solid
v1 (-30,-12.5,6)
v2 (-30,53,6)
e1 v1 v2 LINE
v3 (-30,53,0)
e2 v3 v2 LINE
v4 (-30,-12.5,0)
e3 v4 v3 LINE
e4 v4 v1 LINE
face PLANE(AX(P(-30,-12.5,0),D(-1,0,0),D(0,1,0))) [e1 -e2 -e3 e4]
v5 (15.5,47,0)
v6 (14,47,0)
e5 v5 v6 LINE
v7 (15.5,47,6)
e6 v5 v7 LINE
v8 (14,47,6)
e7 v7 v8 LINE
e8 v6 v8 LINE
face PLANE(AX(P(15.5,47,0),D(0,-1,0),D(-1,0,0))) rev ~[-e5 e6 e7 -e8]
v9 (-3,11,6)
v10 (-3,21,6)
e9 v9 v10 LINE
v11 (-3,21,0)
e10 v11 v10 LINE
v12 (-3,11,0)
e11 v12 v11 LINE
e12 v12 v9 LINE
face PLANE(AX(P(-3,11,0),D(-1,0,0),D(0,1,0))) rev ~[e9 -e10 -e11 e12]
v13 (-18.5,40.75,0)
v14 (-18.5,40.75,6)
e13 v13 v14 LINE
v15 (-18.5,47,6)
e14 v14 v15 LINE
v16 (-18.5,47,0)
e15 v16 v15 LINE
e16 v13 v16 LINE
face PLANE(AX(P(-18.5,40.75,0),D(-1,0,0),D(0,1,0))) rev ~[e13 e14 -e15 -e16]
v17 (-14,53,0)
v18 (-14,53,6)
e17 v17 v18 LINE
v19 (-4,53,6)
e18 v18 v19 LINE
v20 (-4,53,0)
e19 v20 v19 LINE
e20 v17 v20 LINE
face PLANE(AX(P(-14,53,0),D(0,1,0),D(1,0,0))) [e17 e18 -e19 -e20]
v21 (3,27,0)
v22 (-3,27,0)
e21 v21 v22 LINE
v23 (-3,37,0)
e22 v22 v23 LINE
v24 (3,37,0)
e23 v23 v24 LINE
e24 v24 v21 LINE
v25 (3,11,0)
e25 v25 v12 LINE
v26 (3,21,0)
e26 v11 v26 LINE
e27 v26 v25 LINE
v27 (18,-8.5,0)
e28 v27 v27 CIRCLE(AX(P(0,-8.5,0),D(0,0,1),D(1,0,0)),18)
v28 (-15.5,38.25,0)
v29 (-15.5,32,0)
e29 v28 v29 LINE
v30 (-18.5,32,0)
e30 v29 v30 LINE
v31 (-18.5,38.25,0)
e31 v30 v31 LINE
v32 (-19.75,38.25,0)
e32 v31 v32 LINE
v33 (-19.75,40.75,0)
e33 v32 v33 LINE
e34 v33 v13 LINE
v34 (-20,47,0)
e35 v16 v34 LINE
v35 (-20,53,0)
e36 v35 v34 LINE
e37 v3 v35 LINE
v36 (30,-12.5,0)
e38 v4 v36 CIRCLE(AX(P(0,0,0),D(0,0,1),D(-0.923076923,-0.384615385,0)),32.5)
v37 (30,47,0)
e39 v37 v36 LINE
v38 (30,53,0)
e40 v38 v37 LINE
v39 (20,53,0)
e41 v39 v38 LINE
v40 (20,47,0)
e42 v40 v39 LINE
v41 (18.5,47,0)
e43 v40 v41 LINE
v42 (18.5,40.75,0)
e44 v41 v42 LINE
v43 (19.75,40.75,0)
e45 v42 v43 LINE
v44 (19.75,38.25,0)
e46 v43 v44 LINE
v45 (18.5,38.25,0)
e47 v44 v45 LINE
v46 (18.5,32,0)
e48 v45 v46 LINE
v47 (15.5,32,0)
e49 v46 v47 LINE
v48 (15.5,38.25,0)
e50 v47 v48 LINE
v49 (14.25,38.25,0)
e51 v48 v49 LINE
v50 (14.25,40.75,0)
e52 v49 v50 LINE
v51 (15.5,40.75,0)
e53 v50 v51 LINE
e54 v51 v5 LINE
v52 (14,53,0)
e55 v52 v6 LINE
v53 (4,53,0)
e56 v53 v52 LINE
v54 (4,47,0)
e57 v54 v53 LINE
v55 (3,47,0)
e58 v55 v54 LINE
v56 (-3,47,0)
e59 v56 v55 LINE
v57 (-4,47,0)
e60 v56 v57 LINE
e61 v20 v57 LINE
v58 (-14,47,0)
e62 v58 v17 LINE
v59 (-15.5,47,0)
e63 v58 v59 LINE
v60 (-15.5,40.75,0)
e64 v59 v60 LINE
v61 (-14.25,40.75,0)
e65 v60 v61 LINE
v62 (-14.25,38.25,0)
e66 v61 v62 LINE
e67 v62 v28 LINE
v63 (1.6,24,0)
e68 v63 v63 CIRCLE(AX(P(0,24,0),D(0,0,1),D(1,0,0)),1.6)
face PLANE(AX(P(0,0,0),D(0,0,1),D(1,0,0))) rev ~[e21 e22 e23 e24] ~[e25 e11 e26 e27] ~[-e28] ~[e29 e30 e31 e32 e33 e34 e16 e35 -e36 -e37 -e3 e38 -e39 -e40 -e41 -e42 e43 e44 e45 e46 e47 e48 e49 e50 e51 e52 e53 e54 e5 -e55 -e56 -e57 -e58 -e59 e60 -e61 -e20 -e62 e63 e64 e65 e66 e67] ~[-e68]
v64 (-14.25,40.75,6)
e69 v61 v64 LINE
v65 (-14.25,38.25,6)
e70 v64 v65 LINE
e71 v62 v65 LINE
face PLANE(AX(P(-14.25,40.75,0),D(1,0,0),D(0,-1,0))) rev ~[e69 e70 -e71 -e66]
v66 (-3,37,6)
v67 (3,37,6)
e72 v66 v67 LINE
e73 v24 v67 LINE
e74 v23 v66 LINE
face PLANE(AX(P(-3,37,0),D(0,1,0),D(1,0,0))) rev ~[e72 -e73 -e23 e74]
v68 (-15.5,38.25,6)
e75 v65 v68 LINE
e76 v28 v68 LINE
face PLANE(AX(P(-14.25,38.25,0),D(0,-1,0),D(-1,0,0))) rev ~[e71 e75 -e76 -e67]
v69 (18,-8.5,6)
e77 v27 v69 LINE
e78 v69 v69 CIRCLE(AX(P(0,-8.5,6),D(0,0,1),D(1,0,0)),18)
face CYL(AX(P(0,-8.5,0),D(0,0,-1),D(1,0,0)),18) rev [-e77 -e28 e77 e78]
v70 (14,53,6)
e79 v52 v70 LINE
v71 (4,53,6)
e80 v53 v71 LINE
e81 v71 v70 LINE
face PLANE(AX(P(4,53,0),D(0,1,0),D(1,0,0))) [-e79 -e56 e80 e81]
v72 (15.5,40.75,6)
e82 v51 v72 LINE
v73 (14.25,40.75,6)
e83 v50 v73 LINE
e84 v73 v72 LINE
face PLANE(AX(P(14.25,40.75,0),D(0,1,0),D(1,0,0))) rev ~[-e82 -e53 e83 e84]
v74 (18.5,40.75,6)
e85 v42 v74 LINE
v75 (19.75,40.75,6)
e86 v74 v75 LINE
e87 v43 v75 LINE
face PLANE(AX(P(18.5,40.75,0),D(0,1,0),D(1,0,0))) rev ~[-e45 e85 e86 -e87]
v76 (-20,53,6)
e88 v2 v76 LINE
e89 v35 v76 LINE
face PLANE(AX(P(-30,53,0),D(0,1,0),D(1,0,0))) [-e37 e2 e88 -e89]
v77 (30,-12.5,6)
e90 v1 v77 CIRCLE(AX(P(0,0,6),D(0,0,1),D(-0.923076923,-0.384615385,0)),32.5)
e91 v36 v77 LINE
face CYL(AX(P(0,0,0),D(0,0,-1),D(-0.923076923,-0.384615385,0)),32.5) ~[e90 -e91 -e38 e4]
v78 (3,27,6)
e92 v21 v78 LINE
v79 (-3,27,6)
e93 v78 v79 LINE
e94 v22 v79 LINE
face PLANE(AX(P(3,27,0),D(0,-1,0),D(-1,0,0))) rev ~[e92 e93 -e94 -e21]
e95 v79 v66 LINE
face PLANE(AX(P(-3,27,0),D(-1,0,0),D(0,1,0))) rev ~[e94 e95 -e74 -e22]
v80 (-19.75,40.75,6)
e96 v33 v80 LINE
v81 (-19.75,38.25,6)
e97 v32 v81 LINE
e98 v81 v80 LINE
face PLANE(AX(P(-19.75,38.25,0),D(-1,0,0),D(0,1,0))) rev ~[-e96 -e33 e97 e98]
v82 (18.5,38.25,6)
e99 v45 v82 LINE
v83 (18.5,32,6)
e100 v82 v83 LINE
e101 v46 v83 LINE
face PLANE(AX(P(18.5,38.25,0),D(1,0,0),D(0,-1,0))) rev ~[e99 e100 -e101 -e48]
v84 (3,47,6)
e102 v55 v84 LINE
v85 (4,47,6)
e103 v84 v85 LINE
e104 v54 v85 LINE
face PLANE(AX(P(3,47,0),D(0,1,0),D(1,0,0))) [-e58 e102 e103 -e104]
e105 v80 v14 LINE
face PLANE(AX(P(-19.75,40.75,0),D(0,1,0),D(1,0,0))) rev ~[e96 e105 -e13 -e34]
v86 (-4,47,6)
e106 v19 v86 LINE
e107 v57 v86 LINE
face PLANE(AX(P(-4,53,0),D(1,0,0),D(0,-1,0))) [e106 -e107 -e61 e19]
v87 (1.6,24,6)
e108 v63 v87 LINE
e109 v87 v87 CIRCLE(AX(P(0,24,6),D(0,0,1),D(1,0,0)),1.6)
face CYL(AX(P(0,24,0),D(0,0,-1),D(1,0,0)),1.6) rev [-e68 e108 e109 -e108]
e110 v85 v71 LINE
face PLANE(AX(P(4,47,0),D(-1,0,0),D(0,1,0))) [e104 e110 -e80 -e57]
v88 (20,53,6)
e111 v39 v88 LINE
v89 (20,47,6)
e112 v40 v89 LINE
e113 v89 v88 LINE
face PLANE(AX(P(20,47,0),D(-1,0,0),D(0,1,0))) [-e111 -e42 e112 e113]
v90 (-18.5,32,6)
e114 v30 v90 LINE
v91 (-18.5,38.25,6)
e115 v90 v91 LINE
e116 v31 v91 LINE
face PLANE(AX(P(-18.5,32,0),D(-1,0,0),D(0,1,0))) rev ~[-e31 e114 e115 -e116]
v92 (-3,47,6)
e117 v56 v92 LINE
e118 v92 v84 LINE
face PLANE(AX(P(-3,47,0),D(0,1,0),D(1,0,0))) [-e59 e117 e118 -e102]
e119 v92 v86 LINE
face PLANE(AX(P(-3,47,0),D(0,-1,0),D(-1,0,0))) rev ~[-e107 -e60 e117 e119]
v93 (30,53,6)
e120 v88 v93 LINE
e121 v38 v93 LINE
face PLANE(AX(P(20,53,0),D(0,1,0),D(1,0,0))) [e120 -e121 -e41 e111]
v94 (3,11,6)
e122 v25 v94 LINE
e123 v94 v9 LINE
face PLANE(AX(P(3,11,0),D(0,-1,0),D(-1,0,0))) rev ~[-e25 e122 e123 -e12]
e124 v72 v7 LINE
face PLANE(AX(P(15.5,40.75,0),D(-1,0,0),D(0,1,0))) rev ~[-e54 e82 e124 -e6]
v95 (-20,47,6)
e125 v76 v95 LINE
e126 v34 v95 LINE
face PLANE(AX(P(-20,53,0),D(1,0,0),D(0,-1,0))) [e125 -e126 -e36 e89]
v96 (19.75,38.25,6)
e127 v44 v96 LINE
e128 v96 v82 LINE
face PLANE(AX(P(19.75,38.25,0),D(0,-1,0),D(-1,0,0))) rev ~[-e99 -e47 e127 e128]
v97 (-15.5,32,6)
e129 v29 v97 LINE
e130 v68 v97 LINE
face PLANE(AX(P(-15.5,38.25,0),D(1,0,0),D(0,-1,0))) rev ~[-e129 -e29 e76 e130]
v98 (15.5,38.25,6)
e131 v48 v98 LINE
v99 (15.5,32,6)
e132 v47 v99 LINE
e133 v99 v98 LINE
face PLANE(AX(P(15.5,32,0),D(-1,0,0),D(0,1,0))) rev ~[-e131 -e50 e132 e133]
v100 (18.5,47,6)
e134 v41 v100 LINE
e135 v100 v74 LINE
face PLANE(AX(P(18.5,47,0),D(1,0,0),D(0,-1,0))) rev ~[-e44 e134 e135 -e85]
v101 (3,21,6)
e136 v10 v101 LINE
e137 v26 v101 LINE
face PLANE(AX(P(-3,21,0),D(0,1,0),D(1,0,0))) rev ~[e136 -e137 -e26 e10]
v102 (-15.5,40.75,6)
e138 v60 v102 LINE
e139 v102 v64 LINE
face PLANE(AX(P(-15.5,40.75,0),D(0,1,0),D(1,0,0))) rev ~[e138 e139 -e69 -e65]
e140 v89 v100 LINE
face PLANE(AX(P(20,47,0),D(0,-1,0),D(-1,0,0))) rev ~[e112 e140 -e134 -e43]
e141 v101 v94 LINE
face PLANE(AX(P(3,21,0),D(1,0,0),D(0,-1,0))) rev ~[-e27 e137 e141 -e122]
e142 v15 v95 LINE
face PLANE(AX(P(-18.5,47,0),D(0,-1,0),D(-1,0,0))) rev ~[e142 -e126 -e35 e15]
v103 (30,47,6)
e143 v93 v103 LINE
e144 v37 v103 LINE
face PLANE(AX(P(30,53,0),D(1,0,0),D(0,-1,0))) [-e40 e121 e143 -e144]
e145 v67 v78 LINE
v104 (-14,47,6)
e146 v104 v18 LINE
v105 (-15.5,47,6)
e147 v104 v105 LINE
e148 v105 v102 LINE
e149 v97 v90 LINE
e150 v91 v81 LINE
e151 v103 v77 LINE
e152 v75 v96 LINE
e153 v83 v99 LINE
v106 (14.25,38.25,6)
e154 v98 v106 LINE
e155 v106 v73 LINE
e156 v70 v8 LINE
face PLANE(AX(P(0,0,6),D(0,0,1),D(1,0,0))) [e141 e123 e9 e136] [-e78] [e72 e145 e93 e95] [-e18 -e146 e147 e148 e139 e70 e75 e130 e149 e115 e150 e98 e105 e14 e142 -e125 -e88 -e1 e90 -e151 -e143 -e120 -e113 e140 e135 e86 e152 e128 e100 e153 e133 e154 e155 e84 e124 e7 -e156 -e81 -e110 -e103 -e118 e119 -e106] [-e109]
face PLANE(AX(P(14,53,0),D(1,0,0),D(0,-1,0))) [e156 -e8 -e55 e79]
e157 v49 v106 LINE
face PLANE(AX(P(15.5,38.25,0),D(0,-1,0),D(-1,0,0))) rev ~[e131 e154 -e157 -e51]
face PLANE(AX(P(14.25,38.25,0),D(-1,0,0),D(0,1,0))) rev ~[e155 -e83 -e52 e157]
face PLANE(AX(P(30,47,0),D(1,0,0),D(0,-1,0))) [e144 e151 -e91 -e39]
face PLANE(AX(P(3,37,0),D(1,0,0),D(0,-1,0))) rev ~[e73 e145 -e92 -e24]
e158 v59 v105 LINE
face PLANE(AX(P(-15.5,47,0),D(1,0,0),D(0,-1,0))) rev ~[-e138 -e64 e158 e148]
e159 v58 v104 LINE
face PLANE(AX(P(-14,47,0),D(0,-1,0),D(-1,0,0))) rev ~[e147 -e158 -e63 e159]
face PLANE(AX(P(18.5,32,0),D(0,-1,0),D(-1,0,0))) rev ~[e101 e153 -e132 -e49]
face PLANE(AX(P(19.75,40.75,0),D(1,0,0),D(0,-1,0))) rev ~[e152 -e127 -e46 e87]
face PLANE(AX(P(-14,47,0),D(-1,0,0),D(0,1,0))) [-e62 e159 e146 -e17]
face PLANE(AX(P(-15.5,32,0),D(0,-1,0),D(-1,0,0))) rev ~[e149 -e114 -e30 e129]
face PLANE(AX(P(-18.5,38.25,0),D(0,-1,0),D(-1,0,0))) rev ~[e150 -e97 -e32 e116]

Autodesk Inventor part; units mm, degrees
ref_plane "YZ Plane" through (0, 0, 0) normal (1, 0, 0) x (0, 1, 0)
ref_plane "XZ Plane" through (0, 0, 0) normal (0, 1, 0) x (-1, 0, 0)
ref_plane "XY Plane" through (0, 0, 0) normal (0, 0, 1) x (1, 0, 0)
sketch "0" plane through (0, 0, 0) normal (0, 0, 1) x (1, 0, 0)
  line L0 (4, 47) -> (4, 53)
  line L1 (4, 53) -> (14, 53)
  line L2 (14, 53) -> (14, 47)
  line L3 (20, 47) -> (18.5, 47)
  line L4 (18.5, 47) -> (18.5, 40.75)
  line L5 (18.5, 32) -> (15.5, 32)
  line L6 (15.5, 32) -> (15.5, 38.25)
  line L7 (14.25, 40.75) -> (15.5, 40.75)
  line L8 (19.75, 40.75) -> (19.75, 38.25)
  line L9 (19.75, 38.25) -> (18.5, 38.25)
  line L10 (14.25, 38.25) -> (14.25, 40.75)
  line L11 (15.5, 40.75) -> (15.5, 47)
  line L12 (15.5, 38.25) -> (14.25, 38.25)
  line L13 (18.5, 40.75) -> (19.75, 40.75)
  line L14 (15.5, 47) -> (14, 47)
  line L15 (20, 53) -> (30, 53)
  line L16 (20, 47) -> (20, 53)
  line L17 (18.5, 38.25) -> (18.5, 32)
  line L18 (-30, 53) -> (-20, 53)
  line L19 (-20, 53) -> (-20, 47)
  line L20 (-14, 47) -> (-15.5, 47)
  line L21 (-15.5, 47) -> (-15.5, 40.75)
  line L22 (-15.5, 32) -> (-18.5, 32)
  line L23 (-18.5, 32) -> (-18.5, 38.25)
  line L24 (-19.75, 40.75) -> (-18.5, 40.75)
  line L25 (-14.25, 40.75) -> (-14.25, 38.25)
  line L26 (-14.25, 38.25) -> (-15.5, 38.25)
  line L27 (-19.75, 38.25) -> (-19.75, 40.75)
  line L28 (-18.5, 40.75) -> (-18.5, 47)
  line L29 (-18.5, 38.25) -> (-19.75, 38.25)
  line L30 (-15.5, 40.75) -> (-14.25, 40.75)
  line L31 (-18.5, 47) -> (-20, 47)
  line L32 (-14, 53) -> (-4, 53)
  line L33 (-14, 47) -> (-14, 53)
  line L34 (-4, 53) -> (-4, 47)
  line L35 (-15.5, 38.25) -> (-15.5, 32)
  line L36 (-3, 47) -> (-4, 47)
  line L37 (3, 47) -> (4, 47)
  line L38 (30, 53) -> (30, 47)
  circle A0 centre (0, -8.5) radius 18
  line L39 (30, 47) -> (30, -12.5)
  line L40 (-30, -12.5) -> (-30, 53)
  arc A1 (-30, -12.5) -> (30, -12.5) centre (0, 0) ccw
  line L41 (-3, 11) -> (-3, 21)
  line L42 (-3, 21) -> (3, 21)
  line L43 (3, 21) -> (3, 11)
  line L44 (3, 11) -> (-3, 11)
  line L45 (-3, 27) -> (-3, 37)
  line L46 (3, 37) -> (3, 27)
  line L47 (3, 27) -> (-3, 27)
  circle A2 centre (0, 24) radius 1.6
  line L48 (-3, 37) -> (3, 37)
  line L49 (-3, 47) -> (3, 47)
  point P0 (30, -12.5)
extrude "Выдавливание1" add sketch "0" along normal blind 6
properties part number "Крепление_мотора2_платформа"
